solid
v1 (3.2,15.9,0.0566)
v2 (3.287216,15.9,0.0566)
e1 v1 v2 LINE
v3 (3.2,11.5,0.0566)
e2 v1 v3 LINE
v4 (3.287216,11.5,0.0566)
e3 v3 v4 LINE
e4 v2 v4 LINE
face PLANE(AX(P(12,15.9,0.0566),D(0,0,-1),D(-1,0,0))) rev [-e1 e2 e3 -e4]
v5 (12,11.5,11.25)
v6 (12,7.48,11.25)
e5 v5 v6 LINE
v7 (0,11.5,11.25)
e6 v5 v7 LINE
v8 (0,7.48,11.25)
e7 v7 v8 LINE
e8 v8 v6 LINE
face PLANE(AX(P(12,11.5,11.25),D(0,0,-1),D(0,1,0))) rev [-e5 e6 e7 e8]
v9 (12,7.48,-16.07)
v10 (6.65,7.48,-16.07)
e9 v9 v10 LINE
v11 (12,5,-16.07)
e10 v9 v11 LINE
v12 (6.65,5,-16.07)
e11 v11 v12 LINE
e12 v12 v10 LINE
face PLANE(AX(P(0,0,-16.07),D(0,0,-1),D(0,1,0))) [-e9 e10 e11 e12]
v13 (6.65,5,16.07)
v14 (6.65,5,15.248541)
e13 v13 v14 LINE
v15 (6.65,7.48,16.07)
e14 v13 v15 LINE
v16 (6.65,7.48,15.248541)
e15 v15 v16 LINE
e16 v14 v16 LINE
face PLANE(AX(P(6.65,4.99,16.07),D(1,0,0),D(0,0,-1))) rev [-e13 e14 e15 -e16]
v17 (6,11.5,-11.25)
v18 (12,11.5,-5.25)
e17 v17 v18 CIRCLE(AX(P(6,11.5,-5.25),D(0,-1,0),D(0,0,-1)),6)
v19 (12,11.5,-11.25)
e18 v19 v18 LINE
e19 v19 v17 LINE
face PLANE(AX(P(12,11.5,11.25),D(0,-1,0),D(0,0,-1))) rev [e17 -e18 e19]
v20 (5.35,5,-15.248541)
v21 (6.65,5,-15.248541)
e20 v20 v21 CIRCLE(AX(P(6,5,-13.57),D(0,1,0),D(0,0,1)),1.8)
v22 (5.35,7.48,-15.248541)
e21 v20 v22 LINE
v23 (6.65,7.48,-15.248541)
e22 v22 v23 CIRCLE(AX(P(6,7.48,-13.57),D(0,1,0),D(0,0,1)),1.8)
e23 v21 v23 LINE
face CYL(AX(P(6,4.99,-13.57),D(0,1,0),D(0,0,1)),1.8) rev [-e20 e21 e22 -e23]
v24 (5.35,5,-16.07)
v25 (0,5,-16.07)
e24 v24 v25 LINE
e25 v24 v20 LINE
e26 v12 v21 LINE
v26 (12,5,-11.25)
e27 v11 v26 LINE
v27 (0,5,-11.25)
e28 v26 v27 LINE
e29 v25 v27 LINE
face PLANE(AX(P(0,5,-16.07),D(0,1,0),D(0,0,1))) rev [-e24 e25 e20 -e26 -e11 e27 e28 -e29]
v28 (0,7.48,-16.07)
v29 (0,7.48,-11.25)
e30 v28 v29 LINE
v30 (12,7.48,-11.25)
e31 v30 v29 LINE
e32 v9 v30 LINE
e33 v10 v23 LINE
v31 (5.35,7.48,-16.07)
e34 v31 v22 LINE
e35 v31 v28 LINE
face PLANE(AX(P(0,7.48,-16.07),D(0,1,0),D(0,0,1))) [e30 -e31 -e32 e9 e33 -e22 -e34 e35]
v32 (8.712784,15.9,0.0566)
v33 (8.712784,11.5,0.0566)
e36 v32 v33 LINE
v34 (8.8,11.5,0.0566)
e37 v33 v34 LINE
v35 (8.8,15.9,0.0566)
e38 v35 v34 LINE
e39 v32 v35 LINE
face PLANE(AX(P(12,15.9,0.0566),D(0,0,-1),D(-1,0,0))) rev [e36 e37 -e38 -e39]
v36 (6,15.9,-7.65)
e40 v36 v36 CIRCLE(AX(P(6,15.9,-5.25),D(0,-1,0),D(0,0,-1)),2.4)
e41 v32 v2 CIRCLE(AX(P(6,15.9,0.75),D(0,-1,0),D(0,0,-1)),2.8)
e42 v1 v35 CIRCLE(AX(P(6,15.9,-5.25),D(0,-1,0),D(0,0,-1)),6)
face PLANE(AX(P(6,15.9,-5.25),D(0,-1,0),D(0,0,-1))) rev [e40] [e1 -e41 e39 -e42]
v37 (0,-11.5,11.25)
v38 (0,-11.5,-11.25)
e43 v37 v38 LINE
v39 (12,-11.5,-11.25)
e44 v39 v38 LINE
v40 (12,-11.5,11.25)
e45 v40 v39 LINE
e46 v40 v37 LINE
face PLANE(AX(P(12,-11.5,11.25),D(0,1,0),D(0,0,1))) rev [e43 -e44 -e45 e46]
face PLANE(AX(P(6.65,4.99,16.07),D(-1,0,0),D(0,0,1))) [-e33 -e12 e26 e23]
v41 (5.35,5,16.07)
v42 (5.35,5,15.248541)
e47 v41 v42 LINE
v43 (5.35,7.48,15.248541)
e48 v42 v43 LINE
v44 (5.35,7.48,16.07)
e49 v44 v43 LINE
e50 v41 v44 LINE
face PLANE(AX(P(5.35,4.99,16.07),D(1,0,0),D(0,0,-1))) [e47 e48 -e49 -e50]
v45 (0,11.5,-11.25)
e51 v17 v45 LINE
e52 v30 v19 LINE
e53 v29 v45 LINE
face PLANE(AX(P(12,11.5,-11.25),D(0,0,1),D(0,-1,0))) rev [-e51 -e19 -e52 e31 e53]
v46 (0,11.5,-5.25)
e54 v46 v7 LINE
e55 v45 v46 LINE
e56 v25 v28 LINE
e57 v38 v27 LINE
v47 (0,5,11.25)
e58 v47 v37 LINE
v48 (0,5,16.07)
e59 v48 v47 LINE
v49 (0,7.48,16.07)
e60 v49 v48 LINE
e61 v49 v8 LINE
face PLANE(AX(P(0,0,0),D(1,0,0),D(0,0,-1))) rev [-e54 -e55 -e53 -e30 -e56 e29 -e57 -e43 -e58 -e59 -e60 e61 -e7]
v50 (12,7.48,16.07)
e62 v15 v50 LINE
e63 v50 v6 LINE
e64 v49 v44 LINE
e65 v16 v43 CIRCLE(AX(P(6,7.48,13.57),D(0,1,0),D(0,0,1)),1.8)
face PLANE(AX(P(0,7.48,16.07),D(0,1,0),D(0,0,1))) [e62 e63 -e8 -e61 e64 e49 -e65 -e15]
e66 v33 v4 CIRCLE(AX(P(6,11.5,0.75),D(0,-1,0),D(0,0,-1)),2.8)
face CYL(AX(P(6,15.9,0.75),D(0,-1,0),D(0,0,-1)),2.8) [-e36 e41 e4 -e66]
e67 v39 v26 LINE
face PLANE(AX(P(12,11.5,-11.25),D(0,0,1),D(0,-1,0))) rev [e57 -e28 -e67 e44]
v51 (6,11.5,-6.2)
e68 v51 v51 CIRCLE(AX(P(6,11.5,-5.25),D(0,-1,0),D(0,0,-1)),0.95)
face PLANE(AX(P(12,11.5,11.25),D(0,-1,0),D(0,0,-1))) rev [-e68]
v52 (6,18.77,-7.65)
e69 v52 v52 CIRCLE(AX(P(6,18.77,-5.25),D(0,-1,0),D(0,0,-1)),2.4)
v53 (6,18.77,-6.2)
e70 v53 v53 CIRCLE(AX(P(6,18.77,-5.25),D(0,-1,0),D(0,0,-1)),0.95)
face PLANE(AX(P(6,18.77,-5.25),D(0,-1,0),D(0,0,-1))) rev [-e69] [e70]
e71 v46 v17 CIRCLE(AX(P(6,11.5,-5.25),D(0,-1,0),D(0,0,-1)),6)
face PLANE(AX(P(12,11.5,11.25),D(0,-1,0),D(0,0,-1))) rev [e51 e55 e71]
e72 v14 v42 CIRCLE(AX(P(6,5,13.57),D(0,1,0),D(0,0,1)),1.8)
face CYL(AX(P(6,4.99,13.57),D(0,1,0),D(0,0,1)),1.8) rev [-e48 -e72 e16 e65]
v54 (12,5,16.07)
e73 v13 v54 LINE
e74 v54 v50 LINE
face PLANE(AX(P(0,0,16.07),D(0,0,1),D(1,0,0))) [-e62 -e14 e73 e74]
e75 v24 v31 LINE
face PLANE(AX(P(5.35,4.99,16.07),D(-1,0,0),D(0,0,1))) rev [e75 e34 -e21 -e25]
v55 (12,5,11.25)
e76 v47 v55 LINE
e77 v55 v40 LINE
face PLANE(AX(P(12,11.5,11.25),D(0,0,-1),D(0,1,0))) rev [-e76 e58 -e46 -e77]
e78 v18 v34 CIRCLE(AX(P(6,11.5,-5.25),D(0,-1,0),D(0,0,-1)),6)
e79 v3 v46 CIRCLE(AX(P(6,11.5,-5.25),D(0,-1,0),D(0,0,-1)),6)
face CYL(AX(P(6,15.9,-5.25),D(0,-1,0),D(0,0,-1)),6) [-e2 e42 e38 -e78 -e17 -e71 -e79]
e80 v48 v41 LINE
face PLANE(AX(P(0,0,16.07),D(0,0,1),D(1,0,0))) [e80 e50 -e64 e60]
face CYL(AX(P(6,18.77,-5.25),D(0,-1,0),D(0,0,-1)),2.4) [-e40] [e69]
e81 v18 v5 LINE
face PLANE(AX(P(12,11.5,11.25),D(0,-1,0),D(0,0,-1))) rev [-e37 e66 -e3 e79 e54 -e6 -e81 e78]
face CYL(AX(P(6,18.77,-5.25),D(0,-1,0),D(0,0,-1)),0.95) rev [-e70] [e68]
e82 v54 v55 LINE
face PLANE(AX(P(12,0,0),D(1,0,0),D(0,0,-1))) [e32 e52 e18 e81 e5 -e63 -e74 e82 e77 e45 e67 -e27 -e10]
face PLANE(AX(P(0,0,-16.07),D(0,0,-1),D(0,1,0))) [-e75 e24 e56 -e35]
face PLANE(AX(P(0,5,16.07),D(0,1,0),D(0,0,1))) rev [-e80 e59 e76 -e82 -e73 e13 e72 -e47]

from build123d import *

# Parameters (mm, degrees)
SKETCH2_W            = 22.5
SKETCH2_H            = 23
BOSS_EXTRUDE1_DEPTH  = 12
SKETCH19_W           = 12
SKETCH19_H           = 2.48
BOSS_EXTRUDE8_DEPTH  = 4.82
SKETCH20_W           = 12
SKETCH20_H           = 2.48
BOSS_EXTRUDE9_DEPTH  = 4.82
SKETCH21_R           = 2.4
BOSS_EXTRUDE10_DEPTH = 4.4
SKETCH21_3_R         = 2.4
SKETCH21_3_R_2       = 0.95
BOSS_EXTRUDE11_DEPTH = 7.27
CUT_EXTRUDE5_DEPTH   = 2.49


with BuildPart() as part:
    # Sketch2 → Boss-Extrude1 (new body)
    with BuildSketch(Plane(origin=(0, 0, 0), x_dir=(0, 0, -1), z_dir=(1, 0, 0))):
        Rectangle(SKETCH2_W, SKETCH2_H)
    extrude(amount=BOSS_EXTRUDE1_DEPTH)

    # Sketch19 → Boss-Extrude8 (add)
    with BuildSketch(Plane.XY.offset(11.25)):
        with Locations((6, 6.24)):
            Rectangle(SKETCH19_W, SKETCH19_H)
    extrude(amount=BOSS_EXTRUDE8_DEPTH)

    # Sketch20 → Boss-Extrude9 (add)
    with BuildSketch(Plane(origin=(0, 0, -11.25), x_dir=(-1, 0, 0), z_dir=(0, 0, -1))):
        with Locations((-6, 6.24)):
            Rectangle(SKETCH20_W, SKETCH20_H)
    extrude(amount=BOSS_EXTRUDE9_DEPTH)

    # Sketch21 → Boss-Extrude10 (add)
    # profile 1 of 6: a face of its own
    with BuildSketch(Plane(origin=(0, 11.5, 0), x_dir=(1, 0, 0), z_dir=(0, 1, 0))):
        with BuildLine():
            ThreePointArc((6, 11.25), (1.757359316, 9.49264069), (0, 5.250000008))
            ThreePointArc((0, 5.250000008), (0.861906966, 2.151613326), (3.2, -0.056599665))
            Line((3.2, -0.056599665), (3.287216195, -0.056599665))
            ThreePointArc((3.287216195, -0.056599665), (6, 2.05), (8.712783805, -0.056599665))
            Line((8.712783805, -0.056599665), (8.8, -0.056599665))
            ThreePointArc((8.8, -0.056599665), (11.138093031, 2.151613323), (12, 5.25))
            ThreePointArc((12, 5.25), (10.242640687, 9.492640687), (6, 11.25))
        make_face()
        with Locations(Location((6, 5.25, 0), (0, 0, 90))):
            Circle(SKETCH21_R, mode=Mode.SUBTRACT)
    # profile 2 of 6: a face of its own
    with BuildSketch(Plane(origin=(0, 11.5, 0), x_dir=(1, 0, 0), z_dir=(0, 1, 0))):
        with BuildLine():
            Line((6, -0.75), (8.8, -0.75))
            ThreePointArc((8.8, -0.75), (8.780610633, -0.421055467), (8.722711067, -0.096666667))
            ThreePointArc((8.722711067, -0.096666667), (7.4, -0.584380858), (6, -0.75))
        make_face()
    # profile 3 of 6: a face of its own
    with BuildSketch(Plane(origin=(0, 11.5, 0), x_dir=(1, 0, 0), z_dir=(0, 1, 0))):
        with BuildLine():
            ThreePointArc((3.277288933, -0.096666667), (3.219389367, -0.421055467), (3.2, -0.75))
            Line((3.2, -0.75), (6, -0.75))
            ThreePointArc((6, -0.75), (4.6, -0.584380858), (3.277288933, -0.096666667))
        make_face()
    # profile 4 of 6: a face of its own
    with BuildSketch(Plane(origin=(0, 11.5, 0), x_dir=(1, 0, 0), z_dir=(0, 1, 0))):
        with BuildLine():
            ThreePointArc((3.2, -0.75), (4.020101013, -2.729898987), (6, -3.55))
            ThreePointArc((6, -3.55), (7.979898987, -2.729898987), (8.8, -0.75))
            Line((8.8, -0.75), (6, -0.75))
            Line((6, -0.75), (3.2, -0.75))
        make_face()
    # profile 5 of 6: a face of its own
    with BuildSketch(Plane(origin=(0, 11.5, 0), x_dir=(1, 0, 0), z_dir=(0, 1, 0))):
        with BuildLine():
            ThreePointArc((8.712783805, -0.056599665), (6, 2.05), (3.287216195, -0.056599665))
            Line((3.287216195, -0.056599665), (8.712783805, -0.056599665))
        make_face()
    # profile 6 of 6: a face of its own
    with BuildSketch(Plane(origin=(0, 11.5, 0), x_dir=(1, 0, 0), z_dir=(0, 1, 0))):
        with BuildLine():
            ThreePointArc((3.277288933, -0.096666667), (4.6, -0.584380858), (6, -0.75))
            ThreePointArc((6, -0.75), (7.4, -0.584380858), (8.722711067, -0.096666667))
            ThreePointArc((8.722711067, -0.096666667), (8.717821272, -0.076614872), (8.712783805, -0.056599665))
            Line((8.712783805, -0.056599665), (3.287216195, -0.056599665))
            ThreePointArc((3.287216195, -0.056599665), (3.282178728, -0.076614872), (3.277288933, -0.096666667))
        make_face()
    extrude(amount=BOSS_EXTRUDE10_DEPTH)

    # Sketch21<3> → Boss-Extrude11 (add)
    with BuildSketch(Plane(origin=(0, 11.5, 0), x_dir=(1, 0, 0), z_dir=(0, 1, 0))):
        with Locations(Location((6, 5.25, 0), (0, 0, 90))):
            Circle(SKETCH21_3_R)
        with Locations(Location((6, 5.25, 0), (0, 0, 90))):
            Circle(SKETCH21_3_R_2, mode=Mode.SUBTRACT)
    extrude(amount=BOSS_EXTRUDE11_DEPTH)

    # Sketch23 → Cut-Extrude5 (cut)
    with BuildSketch(Plane(origin=(0, 7.48, 0), x_dir=(1, 0, 0), z_dir=(0, 1, 0))):
        with BuildLine():
            Line((6.65, -15.248541033), (6.65, -16.07))
            Line((6.65, -16.07), (5.35, -16.07))
            Line((5.35, -16.07), (5.35, -15.248541033))
            ThreePointArc((5.35, -15.248541033), (6, -11.77), (6.65, -15.248541033))
        make_face()
    cut_extrude5 = extrude(amount=-CUT_EXTRUDE5_DEPTH, mode=Mode.SUBTRACT)

    # Mirror3: Cut-Extrude5 across plane
    add(cut_extrude5.mirror(Plane.XY), mode=Mode.SUBTRACT)


solid = part.part
